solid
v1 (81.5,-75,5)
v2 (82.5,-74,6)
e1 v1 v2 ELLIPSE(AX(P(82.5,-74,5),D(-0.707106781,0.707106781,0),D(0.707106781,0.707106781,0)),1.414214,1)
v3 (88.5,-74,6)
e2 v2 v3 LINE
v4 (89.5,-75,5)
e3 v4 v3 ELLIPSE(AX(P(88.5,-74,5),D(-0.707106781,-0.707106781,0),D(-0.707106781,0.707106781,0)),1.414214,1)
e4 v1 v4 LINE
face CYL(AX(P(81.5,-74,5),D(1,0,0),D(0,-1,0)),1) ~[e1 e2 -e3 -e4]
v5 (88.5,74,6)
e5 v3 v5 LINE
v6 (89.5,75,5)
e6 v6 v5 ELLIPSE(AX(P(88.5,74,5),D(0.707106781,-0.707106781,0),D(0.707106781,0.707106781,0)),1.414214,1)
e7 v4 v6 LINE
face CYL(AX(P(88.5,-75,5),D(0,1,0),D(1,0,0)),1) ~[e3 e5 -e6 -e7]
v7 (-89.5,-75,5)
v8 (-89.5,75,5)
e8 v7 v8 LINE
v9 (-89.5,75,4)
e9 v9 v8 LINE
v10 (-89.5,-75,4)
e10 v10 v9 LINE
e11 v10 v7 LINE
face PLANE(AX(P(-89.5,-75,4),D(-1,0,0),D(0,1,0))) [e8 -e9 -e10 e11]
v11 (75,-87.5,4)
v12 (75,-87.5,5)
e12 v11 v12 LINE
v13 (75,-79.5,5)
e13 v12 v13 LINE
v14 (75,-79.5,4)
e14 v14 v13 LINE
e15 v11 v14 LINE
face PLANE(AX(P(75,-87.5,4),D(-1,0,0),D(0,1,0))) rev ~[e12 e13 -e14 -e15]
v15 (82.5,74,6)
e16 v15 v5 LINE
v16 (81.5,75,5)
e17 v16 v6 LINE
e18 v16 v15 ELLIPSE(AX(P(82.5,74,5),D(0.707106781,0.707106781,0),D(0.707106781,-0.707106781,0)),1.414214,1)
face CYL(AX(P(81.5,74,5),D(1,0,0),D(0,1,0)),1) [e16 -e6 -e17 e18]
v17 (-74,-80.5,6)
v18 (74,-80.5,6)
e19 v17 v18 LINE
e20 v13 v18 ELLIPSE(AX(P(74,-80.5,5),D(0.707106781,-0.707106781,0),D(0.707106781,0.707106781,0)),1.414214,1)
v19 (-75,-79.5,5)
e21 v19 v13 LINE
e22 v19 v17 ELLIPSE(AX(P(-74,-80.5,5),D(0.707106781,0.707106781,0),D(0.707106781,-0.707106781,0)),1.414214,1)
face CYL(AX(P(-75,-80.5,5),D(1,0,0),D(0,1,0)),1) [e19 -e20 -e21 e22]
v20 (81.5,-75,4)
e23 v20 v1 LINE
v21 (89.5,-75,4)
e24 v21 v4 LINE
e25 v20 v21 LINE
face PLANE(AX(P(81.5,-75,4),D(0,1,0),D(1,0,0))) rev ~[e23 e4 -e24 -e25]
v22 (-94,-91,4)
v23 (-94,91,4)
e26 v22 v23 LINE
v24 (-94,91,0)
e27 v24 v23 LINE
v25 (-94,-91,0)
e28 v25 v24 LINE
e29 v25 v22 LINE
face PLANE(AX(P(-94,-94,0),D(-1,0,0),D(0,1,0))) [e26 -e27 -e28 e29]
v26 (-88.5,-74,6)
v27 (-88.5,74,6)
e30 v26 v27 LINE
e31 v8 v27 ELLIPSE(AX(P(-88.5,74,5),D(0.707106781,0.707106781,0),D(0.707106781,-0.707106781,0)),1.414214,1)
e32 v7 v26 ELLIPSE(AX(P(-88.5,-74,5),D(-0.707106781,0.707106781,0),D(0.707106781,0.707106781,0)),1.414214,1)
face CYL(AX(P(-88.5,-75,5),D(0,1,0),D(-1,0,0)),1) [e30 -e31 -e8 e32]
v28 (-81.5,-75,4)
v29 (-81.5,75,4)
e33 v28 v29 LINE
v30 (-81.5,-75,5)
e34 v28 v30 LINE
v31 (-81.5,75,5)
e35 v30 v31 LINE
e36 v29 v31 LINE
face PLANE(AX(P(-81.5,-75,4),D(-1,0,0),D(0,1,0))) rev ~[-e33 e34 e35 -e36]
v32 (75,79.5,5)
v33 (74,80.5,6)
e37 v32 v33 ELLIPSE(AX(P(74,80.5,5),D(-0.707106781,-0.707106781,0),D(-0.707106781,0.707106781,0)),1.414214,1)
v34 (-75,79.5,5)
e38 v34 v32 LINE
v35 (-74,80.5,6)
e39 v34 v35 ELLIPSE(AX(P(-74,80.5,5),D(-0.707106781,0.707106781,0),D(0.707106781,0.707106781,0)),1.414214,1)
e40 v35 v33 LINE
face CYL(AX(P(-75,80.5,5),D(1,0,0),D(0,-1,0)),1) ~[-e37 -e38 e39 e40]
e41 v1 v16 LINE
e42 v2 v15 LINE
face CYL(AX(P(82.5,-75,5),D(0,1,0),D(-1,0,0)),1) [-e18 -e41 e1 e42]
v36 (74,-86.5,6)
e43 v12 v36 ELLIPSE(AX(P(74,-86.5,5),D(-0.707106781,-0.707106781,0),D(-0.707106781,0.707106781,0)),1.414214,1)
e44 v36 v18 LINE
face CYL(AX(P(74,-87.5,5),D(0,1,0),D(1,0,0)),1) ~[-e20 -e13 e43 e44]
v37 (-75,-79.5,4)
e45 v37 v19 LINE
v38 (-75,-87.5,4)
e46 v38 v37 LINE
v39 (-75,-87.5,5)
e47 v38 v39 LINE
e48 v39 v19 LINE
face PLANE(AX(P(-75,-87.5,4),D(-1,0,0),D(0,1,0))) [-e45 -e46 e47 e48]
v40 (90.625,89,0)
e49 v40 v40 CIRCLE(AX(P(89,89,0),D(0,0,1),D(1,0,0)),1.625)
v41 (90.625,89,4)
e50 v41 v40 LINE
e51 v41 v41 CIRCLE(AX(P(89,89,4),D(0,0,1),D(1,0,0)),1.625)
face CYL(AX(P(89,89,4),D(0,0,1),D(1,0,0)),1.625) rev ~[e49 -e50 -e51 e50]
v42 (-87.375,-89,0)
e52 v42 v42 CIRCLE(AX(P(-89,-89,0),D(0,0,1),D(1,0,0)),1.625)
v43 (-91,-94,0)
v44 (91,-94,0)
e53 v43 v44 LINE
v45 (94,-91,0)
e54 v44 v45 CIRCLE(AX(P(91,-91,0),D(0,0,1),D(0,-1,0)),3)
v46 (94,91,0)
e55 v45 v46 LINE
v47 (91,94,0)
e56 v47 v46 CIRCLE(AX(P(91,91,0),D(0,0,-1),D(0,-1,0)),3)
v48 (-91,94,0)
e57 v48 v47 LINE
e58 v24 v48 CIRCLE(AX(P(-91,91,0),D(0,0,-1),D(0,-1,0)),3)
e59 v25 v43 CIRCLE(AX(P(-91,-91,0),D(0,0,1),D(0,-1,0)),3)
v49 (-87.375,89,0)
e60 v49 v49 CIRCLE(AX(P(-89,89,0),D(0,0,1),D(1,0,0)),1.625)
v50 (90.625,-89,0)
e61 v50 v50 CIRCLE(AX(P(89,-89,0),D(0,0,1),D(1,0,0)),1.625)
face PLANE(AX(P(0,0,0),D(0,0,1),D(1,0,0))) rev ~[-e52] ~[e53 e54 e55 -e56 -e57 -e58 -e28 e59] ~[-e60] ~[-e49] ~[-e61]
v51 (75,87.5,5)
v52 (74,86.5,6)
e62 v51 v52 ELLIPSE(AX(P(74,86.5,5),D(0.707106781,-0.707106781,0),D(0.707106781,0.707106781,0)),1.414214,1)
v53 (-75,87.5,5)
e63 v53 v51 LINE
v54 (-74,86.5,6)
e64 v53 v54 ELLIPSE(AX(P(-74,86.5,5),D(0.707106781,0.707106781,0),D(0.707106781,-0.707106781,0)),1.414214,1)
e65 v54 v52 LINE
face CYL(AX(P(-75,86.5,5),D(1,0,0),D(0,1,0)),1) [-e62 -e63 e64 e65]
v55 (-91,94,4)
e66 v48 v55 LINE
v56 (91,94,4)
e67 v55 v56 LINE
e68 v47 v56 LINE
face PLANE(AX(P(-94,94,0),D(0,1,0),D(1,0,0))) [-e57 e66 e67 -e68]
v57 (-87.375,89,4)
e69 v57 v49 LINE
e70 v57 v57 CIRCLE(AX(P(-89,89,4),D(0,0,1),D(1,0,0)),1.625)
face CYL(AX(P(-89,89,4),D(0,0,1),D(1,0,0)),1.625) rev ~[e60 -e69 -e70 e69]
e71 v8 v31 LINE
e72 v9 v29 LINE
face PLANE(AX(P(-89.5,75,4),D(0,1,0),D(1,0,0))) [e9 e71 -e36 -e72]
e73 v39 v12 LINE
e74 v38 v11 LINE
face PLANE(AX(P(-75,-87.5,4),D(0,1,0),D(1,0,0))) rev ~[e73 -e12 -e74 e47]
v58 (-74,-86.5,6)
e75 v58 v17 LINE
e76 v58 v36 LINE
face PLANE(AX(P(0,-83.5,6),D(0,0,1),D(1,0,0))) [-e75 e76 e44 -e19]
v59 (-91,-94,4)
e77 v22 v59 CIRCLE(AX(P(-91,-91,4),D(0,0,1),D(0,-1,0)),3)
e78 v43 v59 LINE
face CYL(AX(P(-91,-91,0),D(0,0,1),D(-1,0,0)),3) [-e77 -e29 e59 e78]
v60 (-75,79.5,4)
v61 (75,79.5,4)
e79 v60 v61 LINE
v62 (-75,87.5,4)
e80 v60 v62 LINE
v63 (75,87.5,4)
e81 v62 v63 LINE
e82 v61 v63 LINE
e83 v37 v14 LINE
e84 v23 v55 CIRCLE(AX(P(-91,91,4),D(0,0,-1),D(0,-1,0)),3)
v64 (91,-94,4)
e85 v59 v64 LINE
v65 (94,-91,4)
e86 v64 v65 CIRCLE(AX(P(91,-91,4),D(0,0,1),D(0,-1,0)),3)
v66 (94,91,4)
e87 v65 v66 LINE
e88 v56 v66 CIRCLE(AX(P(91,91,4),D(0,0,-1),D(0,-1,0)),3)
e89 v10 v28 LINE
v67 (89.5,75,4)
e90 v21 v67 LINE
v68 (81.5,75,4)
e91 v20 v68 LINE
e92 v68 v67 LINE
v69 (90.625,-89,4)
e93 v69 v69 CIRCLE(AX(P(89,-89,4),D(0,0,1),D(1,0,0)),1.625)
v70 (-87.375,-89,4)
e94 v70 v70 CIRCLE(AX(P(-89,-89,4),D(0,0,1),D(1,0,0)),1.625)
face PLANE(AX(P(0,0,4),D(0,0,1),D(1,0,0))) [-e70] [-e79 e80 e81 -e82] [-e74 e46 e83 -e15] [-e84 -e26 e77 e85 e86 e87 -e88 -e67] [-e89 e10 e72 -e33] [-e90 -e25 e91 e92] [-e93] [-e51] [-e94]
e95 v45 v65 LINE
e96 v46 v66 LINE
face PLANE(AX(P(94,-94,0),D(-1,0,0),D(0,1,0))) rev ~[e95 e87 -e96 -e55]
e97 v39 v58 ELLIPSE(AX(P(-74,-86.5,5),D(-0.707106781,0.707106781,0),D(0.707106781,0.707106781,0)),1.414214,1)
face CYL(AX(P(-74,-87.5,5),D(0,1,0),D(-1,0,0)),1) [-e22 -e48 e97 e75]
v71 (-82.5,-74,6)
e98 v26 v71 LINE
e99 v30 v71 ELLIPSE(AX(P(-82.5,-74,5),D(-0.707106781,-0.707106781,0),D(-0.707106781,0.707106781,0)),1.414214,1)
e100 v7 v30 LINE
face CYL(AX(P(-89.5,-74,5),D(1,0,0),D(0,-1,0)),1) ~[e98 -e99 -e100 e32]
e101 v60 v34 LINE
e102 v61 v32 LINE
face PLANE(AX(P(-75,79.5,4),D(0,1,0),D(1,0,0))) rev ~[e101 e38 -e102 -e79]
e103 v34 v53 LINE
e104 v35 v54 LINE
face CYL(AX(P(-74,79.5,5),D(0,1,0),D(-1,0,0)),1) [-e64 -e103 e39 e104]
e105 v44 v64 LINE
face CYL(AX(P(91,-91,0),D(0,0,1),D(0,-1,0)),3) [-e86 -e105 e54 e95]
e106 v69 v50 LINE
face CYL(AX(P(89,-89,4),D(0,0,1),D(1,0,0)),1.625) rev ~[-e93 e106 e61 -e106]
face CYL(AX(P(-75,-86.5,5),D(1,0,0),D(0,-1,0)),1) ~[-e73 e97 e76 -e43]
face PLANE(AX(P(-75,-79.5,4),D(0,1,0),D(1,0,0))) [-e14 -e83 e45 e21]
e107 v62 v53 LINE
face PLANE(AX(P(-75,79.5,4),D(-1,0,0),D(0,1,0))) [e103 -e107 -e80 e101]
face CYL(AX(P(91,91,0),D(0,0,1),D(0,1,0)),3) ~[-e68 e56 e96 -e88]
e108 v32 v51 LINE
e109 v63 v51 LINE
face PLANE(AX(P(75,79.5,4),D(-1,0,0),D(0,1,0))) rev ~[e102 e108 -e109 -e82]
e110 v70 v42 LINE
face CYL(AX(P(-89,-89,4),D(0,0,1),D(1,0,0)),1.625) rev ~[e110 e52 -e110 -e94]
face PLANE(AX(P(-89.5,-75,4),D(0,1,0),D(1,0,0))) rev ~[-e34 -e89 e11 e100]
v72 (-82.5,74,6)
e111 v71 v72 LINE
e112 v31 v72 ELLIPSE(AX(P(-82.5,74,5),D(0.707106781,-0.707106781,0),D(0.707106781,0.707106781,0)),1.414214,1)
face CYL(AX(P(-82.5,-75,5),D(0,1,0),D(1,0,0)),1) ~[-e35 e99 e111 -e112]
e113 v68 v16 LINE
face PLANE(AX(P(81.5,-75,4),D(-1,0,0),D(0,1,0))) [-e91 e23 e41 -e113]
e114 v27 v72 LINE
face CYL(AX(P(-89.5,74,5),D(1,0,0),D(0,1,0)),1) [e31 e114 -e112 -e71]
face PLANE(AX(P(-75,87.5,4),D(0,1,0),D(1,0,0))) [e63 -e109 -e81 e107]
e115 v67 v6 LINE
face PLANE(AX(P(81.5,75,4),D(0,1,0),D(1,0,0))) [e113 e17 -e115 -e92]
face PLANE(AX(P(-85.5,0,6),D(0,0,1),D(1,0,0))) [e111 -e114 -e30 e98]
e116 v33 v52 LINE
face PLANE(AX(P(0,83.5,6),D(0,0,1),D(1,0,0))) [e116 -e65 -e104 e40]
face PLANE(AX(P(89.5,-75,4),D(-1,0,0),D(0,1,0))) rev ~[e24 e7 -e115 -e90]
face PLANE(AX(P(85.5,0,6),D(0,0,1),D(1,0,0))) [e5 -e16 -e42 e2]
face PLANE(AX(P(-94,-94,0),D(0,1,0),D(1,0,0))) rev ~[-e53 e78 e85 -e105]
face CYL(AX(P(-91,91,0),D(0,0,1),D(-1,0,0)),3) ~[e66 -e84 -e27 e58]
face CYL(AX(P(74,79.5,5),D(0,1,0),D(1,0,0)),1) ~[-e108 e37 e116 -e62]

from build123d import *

# Parameters (mm, degrees)
SKETCH_W      = 188
SKETCH_H      = 188
PAD_DEPTH     = 4
SKETCH001_R   = 1.625
POCKET_DEPTH  = 4.001
FILLET_R      = 3
SKETCH003_W   = 150
SKETCH003_H   = 8
SKETCH003_W_2 = 8
SKETCH003_H_2 = 150
PAD001_DEPTH  = 2
FILLET001_R   = 1


with BuildPart() as part:
    # Sketch → Pad (new body)
    with BuildSketch(Plane.XY):
        Rectangle(SKETCH_W, SKETCH_H)
    extrude(amount=PAD_DEPTH)

    # Sketch001 (on Face6 of Pad) → Pocket (cut, through all)
    with BuildSketch(Plane.XY.offset(4)):
        with Locations((-89, 89)):
            Circle(SKETCH001_R)
        with Locations((89, 89)):
            Circle(SKETCH001_R)
        with Locations((89, -89)):
            Circle(SKETCH001_R)
        with Locations((-89, -89)):
            Circle(SKETCH001_R)
    extrude(amount=-POCKET_DEPTH, mode=Mode.SUBTRACT)

    # Fillet
    fillet_edges = [part.edges().sort_by_distance(p)[0] for p in [
        (-94, 94, 2),
        (94, 94, 2),
        (-94, -94, 2),
        (94, -94, 2),
    ]]
    fillet(fillet_edges, radius=FILLET_R)

    # Sketch003 (on Face5 of Fillet) → Pad001 (join)
    with BuildSketch(Plane.XY.offset(4)):
        with Locations((0, -83.5)):
            Rectangle(SKETCH003_W, SKETCH003_H)
        with Locations((0, 83.5)):
            Rectangle(SKETCH003_W, SKETCH003_H)
        with Locations((-85.5, 0)):
            Rectangle(SKETCH003_W_2, SKETCH003_H_2)
        with Locations((85.5, 0)):
            Rectangle(SKETCH003_W_2, SKETCH003_H_2)
    extrude(amount=PAD001_DEPTH)

    # Fillet001
    fillet001_edges = [part.edges().sort_by_distance(p)[0] for p in [
        (-85.5, 75, 6),
        (-81.5, 0, 6),
        (-85.5, -75, 6),
        (-89.5, 0, 6),
        (0, -79.5, 6),
        (75, -83.5, 6),
        (0, -87.5, 6),
        (-75, -83.5, 6),
        (85.5, 75, 6),
        (89.5, 0, 6),
        (85.5, -75, 6),
        (81.5, 0, 6),
        (0, 87.5, 6),
        (75, 83.5, 6),
        (0, 79.5, 6),
        (-75, 83.5, 6),
    ]]
    fillet(fillet001_edges, radius=FILLET001_R)


solid = part.part
